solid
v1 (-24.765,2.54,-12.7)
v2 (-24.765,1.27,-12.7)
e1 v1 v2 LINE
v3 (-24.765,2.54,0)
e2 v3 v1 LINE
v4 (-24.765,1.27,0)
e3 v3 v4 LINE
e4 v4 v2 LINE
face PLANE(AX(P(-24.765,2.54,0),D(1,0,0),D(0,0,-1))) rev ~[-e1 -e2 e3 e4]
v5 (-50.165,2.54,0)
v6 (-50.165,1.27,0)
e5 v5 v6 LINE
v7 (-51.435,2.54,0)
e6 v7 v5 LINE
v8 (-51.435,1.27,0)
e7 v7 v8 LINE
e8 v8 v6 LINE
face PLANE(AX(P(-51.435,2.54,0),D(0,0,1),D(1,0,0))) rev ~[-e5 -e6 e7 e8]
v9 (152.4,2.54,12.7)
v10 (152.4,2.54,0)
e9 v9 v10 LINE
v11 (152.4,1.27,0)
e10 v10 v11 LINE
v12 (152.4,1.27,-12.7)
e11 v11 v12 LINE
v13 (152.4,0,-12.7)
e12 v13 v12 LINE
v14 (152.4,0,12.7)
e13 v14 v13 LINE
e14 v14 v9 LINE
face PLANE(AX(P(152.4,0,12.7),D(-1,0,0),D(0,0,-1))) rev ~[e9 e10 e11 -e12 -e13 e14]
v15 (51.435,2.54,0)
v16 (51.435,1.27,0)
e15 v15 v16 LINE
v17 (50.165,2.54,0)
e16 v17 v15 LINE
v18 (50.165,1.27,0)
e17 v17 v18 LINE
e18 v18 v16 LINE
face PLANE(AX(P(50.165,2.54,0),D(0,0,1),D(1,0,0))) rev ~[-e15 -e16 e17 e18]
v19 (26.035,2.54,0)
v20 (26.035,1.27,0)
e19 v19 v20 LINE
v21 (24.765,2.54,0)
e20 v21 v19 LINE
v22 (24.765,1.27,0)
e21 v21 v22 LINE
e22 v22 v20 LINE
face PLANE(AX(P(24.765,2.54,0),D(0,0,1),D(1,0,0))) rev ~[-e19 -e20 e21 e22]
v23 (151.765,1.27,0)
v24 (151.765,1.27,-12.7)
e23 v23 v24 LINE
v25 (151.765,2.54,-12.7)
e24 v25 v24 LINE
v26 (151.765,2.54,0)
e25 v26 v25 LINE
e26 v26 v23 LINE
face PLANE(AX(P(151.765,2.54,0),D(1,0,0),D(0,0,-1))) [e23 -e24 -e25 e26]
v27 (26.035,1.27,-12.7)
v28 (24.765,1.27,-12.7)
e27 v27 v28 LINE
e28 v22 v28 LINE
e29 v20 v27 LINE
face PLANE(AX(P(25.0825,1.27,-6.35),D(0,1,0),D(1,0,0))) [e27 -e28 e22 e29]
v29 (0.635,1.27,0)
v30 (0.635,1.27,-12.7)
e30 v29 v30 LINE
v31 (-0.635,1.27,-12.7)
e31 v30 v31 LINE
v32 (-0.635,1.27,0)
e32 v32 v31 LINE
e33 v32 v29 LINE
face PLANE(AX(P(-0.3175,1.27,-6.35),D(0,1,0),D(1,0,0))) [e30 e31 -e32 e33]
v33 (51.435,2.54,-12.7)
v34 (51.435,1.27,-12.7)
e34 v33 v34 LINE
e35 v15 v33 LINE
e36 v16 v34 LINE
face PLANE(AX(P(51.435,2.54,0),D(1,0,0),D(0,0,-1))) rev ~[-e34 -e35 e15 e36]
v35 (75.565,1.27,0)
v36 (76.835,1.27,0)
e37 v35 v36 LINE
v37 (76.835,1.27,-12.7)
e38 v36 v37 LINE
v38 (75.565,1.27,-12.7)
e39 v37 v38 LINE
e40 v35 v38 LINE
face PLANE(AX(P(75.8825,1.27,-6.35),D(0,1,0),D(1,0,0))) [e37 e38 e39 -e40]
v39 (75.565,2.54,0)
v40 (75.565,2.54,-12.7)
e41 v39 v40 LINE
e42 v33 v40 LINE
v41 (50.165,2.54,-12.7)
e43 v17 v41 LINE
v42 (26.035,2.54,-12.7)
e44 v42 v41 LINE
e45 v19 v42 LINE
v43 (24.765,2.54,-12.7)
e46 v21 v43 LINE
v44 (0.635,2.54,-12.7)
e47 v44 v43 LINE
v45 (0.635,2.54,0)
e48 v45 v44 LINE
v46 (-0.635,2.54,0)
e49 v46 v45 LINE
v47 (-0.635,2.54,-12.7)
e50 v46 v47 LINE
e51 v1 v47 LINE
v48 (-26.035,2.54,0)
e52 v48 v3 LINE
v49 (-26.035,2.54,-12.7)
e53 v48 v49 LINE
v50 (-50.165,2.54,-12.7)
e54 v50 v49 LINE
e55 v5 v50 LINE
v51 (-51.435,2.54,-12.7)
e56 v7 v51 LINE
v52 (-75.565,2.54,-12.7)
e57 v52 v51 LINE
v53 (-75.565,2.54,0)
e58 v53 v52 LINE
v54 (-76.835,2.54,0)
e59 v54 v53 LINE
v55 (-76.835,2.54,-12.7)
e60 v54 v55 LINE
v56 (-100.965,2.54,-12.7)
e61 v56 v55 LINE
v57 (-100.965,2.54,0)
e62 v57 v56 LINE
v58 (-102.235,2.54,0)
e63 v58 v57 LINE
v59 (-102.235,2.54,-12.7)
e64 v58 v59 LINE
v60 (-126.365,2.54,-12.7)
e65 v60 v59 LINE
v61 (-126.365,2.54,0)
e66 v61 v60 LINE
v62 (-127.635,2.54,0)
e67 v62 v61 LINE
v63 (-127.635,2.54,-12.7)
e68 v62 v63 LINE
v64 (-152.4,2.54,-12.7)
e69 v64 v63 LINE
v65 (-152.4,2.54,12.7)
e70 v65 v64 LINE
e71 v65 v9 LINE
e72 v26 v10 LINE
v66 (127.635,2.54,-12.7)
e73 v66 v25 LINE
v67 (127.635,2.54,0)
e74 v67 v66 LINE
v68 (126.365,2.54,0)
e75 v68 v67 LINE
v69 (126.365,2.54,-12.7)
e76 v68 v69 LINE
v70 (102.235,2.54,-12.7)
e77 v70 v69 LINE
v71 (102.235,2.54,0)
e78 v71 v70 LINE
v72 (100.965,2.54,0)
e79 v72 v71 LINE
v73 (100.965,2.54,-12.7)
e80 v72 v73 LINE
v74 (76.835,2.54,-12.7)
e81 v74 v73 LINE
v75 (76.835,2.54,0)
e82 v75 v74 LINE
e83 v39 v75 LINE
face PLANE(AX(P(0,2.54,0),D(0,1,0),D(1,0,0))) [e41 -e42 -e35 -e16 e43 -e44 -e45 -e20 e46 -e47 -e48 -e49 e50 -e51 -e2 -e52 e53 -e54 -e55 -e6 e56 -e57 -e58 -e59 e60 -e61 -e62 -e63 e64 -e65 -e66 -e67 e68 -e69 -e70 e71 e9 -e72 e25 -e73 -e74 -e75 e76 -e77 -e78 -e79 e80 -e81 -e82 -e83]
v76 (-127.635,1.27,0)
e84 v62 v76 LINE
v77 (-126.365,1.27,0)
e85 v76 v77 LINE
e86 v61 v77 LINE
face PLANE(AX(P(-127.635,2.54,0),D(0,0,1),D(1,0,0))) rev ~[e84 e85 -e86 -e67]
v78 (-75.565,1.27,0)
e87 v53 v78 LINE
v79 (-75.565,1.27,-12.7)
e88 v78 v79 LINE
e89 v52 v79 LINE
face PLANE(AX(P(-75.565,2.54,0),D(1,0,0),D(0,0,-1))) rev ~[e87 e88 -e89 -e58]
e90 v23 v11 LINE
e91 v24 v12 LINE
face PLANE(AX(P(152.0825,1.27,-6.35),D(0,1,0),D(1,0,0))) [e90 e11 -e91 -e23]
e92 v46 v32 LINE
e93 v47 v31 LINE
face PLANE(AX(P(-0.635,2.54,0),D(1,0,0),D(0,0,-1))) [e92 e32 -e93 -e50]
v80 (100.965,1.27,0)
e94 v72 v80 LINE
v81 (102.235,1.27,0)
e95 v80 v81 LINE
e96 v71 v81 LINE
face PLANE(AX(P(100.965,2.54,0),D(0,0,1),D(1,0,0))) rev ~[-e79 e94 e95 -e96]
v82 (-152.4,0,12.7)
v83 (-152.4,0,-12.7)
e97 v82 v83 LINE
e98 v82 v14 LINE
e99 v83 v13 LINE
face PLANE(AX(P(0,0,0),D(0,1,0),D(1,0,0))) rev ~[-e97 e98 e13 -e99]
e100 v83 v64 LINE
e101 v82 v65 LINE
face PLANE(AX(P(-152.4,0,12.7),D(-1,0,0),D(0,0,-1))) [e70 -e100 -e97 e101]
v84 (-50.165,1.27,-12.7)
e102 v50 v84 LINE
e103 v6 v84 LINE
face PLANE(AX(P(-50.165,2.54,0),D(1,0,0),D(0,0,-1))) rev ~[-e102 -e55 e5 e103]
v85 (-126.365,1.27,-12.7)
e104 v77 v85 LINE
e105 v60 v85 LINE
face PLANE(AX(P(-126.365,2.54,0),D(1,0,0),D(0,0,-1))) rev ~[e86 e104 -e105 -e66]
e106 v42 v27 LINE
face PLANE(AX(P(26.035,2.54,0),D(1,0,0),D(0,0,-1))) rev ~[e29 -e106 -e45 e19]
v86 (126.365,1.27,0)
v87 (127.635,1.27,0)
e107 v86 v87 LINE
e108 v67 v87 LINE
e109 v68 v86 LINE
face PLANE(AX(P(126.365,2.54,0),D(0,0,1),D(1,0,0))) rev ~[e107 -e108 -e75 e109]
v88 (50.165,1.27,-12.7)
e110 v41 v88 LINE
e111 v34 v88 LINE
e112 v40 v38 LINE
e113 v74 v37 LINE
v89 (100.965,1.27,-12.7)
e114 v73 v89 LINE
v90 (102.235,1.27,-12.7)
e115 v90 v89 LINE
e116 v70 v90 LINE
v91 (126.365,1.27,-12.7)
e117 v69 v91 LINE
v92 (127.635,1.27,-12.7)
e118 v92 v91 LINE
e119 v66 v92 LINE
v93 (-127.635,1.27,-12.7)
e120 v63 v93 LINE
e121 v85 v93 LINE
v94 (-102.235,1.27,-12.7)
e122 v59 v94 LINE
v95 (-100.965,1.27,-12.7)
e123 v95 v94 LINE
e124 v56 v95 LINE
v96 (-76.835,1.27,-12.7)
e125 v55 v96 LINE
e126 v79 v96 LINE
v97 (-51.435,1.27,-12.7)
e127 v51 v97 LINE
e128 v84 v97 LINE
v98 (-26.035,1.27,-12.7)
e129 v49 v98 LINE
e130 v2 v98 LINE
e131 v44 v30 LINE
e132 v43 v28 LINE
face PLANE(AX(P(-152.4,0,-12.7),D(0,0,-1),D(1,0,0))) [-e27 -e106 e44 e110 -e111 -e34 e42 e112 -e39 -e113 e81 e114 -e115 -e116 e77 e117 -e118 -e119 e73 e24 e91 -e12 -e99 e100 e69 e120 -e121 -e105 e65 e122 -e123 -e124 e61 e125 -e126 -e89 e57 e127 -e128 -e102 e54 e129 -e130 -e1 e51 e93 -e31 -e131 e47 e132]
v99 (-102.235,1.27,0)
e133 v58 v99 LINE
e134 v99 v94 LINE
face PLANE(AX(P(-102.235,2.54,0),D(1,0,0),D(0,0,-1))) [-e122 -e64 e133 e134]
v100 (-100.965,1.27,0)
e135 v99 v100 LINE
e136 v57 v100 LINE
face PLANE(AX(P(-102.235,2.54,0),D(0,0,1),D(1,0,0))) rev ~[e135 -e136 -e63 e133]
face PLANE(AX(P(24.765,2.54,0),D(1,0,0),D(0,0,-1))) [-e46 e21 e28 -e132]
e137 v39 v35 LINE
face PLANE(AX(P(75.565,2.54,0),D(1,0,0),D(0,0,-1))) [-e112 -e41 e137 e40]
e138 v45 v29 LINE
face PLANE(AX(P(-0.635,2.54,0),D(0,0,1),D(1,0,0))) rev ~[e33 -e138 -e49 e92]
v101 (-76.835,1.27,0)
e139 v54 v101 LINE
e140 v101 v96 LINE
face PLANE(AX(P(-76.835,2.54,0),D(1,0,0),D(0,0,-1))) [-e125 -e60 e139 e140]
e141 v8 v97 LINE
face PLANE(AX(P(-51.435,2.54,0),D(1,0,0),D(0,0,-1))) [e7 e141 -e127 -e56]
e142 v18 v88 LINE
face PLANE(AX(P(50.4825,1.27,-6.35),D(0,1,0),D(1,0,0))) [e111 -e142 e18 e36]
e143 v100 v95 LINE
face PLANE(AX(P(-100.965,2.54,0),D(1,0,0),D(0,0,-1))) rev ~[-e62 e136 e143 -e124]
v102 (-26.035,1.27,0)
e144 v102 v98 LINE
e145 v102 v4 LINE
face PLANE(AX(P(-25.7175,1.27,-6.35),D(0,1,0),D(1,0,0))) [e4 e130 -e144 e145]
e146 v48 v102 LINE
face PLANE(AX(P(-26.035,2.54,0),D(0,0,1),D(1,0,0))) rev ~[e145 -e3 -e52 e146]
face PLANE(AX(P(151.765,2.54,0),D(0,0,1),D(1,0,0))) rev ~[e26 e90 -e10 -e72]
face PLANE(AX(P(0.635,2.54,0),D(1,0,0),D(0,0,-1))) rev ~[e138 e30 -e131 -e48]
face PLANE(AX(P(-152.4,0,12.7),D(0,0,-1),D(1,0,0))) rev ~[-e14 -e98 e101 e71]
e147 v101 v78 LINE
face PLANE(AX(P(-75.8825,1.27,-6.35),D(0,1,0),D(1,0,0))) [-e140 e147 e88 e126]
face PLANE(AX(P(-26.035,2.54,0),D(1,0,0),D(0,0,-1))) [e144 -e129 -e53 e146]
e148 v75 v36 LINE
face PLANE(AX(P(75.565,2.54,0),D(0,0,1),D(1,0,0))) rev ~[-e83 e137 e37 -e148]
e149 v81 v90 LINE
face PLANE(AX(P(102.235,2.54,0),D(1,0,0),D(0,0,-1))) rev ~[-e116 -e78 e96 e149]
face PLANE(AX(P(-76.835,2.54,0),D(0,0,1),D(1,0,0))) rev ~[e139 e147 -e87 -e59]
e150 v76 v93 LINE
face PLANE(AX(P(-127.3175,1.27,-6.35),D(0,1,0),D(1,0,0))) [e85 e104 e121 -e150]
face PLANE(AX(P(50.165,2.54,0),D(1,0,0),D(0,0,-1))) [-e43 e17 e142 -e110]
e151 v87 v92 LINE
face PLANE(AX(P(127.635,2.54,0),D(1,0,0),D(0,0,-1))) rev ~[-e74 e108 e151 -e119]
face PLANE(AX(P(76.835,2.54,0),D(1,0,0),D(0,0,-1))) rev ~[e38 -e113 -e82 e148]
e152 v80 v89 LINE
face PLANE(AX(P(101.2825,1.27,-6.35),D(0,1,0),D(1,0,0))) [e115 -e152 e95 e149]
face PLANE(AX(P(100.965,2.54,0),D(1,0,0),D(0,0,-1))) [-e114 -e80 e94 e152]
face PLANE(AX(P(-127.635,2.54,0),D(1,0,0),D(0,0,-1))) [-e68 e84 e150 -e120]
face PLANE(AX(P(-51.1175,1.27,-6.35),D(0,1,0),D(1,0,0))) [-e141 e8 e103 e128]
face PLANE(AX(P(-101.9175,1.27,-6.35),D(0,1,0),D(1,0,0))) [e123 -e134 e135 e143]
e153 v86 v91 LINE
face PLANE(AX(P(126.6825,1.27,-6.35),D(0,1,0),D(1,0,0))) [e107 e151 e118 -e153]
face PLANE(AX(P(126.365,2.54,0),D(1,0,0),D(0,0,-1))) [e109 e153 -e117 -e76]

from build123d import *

# Parameters (mm, degrees)
SKETCH1_W           = 304.8
SKETCH1_H           = 25.4
BOSS_EXTRUDE1_DEPTH = 2.54
SKETCH2_W           = 0.635
SKETCH2_H           = 12.7
CUT_EXTRUDE1_DEPTH  = 1.27


with BuildPart() as part:
    # Sketch1 → Boss-Extrude1 (new body)
    with BuildSketch(Plane(origin=(0, 0, 0), x_dir=(1, 0, 0), z_dir=(0, 1, 0))):
        Rectangle(SKETCH1_W, SKETCH1_H)
    extrude(amount=BOSS_EXTRUDE1_DEPTH)

    # Sketch2 → Cut-Extrude1 (cut)
    with BuildSketch(Plane(origin=(0, 2.54, 0), x_dir=(1, 0, 0), z_dir=(0, 1, 0))):
        with Locations((-127.3175, 6.35)):
            Rectangle(SKETCH2_W, SKETCH2_H)
        with Locations((-126.6825, 6.35)):
            Rectangle(SKETCH2_W, SKETCH2_H)
        with Locations((-101.9175, 6.35)):
            Rectangle(SKETCH2_W, SKETCH2_H)
        with Locations((-101.2825, 6.35)):
            Rectangle(SKETCH2_W, SKETCH2_H)
        with Locations((-75.8825, 6.35)):
            Rectangle(SKETCH2_W, SKETCH2_H)
        with Locations((-76.5175, 6.35)):
            Rectangle(SKETCH2_W, SKETCH2_H)
        with Locations((-51.1175, 6.35)):
            Rectangle(SKETCH2_W, SKETCH2_H)
        with Locations((-50.4825, 6.35)):
            Rectangle(SKETCH2_W, SKETCH2_H)
        with Locations((-25.7175, 6.35)):
            Rectangle(SKETCH2_W, SKETCH2_H)
        with Locations((-25.0825, 6.35)):
            Rectangle(SKETCH2_W, SKETCH2_H)
        with Locations((-0.3175, 6.35)):
            Rectangle(SKETCH2_W, SKETCH2_H)
        with Locations((0.3175, 6.35)):
            Rectangle(SKETCH2_W, SKETCH2_H)
        with Locations((25.0825, 6.35)):
            Rectangle(SKETCH2_W, SKETCH2_H)
        with Locations((25.7175, 6.35)):
            Rectangle(SKETCH2_W, SKETCH2_H)
        with Locations((50.4825, 6.35)):
            Rectangle(SKETCH2_W, SKETCH2_H)
        with Locations((51.1175, 6.35)):
            Rectangle(SKETCH2_W, SKETCH2_H)
        with Locations((75.8825, 6.35)):
            Rectangle(SKETCH2_W, SKETCH2_H)
        with Locations((76.5175, 6.35)):
            Rectangle(SKETCH2_W, SKETCH2_H)
        with Locations((101.2825, 6.35)):
            Rectangle(SKETCH2_W, SKETCH2_H)
        with Locations((101.9175, 6.35)):
            Rectangle(SKETCH2_W, SKETCH2_H)
        with Locations((126.6825, 6.35)):
            Rectangle(SKETCH2_W, SKETCH2_H)
        with Locations((127.3175, 6.35)):
            Rectangle(SKETCH2_W, SKETCH2_H)
        with Locations((152.0825, 6.35)):
            Rectangle(SKETCH2_W, SKETCH2_H)
    extrude(amount=-CUT_EXTRUDE1_DEPTH, mode=Mode.SUBTRACT)


solid = part.part
